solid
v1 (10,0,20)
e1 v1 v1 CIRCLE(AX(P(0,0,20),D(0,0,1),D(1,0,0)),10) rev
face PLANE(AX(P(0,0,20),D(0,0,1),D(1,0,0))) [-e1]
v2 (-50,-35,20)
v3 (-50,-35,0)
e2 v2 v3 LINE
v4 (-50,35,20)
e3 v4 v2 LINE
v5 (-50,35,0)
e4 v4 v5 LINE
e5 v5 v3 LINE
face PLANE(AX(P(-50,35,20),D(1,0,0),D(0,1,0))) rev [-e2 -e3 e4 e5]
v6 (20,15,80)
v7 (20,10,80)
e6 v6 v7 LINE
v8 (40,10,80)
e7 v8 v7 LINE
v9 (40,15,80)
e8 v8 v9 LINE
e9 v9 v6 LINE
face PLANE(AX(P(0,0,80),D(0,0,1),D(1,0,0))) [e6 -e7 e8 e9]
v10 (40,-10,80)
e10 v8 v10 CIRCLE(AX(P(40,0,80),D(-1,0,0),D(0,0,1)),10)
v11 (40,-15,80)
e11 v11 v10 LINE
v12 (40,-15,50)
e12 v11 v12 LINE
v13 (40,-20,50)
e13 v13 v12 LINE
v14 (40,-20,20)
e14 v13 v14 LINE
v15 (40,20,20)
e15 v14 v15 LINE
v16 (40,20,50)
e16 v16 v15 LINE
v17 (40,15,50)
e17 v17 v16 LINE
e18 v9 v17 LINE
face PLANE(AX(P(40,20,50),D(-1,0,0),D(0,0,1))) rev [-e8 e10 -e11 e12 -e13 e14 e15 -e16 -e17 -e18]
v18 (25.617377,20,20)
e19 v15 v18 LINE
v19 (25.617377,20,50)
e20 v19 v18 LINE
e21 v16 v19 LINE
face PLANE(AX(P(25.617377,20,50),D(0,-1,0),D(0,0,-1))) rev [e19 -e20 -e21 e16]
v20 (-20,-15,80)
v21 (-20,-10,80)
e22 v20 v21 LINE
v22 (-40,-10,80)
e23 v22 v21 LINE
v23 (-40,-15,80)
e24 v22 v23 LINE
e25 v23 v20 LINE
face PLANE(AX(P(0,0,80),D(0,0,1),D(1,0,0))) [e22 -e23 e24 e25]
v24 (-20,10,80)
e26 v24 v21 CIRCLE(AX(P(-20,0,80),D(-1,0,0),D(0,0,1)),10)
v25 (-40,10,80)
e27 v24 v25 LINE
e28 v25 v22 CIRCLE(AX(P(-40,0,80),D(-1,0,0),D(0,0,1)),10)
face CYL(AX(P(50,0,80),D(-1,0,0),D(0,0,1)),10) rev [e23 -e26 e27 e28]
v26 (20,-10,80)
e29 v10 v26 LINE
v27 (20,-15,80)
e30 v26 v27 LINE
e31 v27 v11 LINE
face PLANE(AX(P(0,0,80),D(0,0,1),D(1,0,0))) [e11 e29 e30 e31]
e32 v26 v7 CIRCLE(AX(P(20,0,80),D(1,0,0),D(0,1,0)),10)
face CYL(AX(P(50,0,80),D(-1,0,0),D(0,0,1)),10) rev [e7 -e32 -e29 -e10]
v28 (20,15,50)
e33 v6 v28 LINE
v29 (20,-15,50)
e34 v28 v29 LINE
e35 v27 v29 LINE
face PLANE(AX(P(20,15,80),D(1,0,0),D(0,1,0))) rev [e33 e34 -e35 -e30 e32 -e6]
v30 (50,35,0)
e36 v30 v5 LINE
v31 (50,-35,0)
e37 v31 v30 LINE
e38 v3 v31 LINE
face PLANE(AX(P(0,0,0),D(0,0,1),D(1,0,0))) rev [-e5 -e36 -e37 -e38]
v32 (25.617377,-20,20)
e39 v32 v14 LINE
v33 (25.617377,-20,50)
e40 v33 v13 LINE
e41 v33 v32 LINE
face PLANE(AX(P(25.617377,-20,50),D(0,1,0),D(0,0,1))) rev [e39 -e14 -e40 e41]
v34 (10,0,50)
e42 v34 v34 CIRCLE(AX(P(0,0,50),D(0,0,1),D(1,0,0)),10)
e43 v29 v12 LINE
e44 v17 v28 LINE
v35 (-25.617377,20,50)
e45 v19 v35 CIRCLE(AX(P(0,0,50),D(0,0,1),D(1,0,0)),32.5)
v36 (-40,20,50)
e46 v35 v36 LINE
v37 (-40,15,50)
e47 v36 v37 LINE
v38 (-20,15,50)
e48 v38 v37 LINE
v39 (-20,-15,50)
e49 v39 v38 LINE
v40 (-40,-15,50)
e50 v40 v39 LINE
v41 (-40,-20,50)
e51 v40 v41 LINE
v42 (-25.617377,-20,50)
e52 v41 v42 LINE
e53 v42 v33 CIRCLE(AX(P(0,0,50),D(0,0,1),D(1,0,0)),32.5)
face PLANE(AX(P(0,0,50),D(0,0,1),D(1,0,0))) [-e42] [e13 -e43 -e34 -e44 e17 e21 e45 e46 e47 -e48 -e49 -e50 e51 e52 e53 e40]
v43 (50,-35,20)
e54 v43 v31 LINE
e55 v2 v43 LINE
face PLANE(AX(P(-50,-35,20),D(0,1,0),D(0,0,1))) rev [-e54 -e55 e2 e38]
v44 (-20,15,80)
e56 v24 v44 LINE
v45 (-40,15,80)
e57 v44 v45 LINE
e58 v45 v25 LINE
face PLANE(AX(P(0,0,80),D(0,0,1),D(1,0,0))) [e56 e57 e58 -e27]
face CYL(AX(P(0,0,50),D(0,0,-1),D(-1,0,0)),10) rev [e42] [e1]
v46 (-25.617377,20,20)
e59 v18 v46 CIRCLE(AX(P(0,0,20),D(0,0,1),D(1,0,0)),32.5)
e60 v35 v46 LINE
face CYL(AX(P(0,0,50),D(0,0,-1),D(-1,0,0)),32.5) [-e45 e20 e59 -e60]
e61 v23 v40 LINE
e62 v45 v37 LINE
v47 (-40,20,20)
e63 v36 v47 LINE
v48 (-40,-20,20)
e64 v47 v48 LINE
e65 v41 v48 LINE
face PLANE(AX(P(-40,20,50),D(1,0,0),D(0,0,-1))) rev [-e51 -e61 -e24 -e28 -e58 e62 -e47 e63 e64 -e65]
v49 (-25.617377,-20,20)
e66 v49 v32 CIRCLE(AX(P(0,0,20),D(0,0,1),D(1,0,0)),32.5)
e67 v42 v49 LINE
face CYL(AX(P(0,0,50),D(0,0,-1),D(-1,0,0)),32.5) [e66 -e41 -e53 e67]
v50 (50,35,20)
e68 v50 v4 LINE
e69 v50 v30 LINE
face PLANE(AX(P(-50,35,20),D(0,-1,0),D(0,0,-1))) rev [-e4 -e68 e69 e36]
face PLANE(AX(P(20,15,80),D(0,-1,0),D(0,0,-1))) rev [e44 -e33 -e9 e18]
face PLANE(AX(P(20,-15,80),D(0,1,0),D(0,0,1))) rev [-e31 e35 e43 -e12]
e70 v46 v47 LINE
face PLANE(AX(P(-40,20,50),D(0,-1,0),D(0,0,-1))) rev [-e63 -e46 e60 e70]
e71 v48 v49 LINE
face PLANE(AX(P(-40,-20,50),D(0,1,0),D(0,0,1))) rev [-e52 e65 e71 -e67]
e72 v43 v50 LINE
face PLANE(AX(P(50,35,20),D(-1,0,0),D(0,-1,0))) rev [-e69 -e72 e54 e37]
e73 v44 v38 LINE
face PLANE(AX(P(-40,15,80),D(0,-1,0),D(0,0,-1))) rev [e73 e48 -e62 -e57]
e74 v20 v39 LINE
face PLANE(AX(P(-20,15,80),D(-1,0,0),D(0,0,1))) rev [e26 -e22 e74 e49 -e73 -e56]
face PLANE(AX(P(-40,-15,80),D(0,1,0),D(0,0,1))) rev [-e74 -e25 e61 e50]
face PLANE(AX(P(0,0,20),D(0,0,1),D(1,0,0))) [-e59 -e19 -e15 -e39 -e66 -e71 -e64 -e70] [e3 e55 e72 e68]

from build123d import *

# Parameters (mm, degrees)
SKETCH_1_W          = 100
SKETCH_1_H          = 70
EXTRUDE_1_DEPTH     = 20
SKETCH_2_R          = 10
EXTRUDE_2_DEPTH     = 30
SKETCH_3_W          = 20
SKETCH_3_H          = 30
EXTRUDE_3_DEPTH     = 30
CUT_EXTRUDE_1_DEPTH = 126.39936204


with BuildPart() as part:
    # 草圖1 → 填料-伸長1 (new body)
    with BuildSketch(Plane.XY):
        Rectangle(SKETCH_1_W, SKETCH_1_H)
    extrude(amount=EXTRUDE_1_DEPTH)

    # 草圖2 → 填料-伸長2 (add)
    with BuildSketch(Plane.XY.offset(20)):
        with BuildLine():
            Line((25.617376915, 20), (40, 20))
            Line((40, 20), (40, -20))
            Line((40, -20), (25.617376915, -20))
            ThreePointArc((25.617376915, -20), (0, -32.5), (-25.617376915, -20))
            Line((-25.617376915, -20), (-40, -20))
            Line((-40, -20), (-40, 20))
            Line((-40, 20), (-25.617376915, 20))
            ThreePointArc((-25.617376915, 20), (0, 32.5), (25.617376915, 20))
        make_face()
        Circle(SKETCH_2_R, mode=Mode.SUBTRACT)
    extrude(amount=EXTRUDE_2_DEPTH)

    # 草圖3 → 填料-伸長3 (add)
    with BuildSketch(Plane.XY.offset(50)):
        with Locations((30, 0)):
            Rectangle(SKETCH_3_W, SKETCH_3_H)
        with Locations((-30, 0)):
            Rectangle(SKETCH_3_W, SKETCH_3_H)
    extrude(amount=EXTRUDE_3_DEPTH)

    # 草圖4 → 除料-伸長1 (cut, through all)
    with BuildSketch(Plane.ZY.offset(40)):
        with BuildLine():
            ThreePointArc((90, 0), (87.071067812, 7.071067812), (80, 10))
            Line((80, 10), (80, -10))
            ThreePointArc((80, -10), (87.071067812, -7.071067812), (90, 0))
        make_face()
        with BuildLine():
            Line((80, -10), (80, 10))
            ThreePointArc((80, 10), (70, 0), (80, -10))
        make_face()
    extrude(amount=-CUT_EXTRUDE_1_DEPTH, mode=Mode.SUBTRACT)


solid = part.part
